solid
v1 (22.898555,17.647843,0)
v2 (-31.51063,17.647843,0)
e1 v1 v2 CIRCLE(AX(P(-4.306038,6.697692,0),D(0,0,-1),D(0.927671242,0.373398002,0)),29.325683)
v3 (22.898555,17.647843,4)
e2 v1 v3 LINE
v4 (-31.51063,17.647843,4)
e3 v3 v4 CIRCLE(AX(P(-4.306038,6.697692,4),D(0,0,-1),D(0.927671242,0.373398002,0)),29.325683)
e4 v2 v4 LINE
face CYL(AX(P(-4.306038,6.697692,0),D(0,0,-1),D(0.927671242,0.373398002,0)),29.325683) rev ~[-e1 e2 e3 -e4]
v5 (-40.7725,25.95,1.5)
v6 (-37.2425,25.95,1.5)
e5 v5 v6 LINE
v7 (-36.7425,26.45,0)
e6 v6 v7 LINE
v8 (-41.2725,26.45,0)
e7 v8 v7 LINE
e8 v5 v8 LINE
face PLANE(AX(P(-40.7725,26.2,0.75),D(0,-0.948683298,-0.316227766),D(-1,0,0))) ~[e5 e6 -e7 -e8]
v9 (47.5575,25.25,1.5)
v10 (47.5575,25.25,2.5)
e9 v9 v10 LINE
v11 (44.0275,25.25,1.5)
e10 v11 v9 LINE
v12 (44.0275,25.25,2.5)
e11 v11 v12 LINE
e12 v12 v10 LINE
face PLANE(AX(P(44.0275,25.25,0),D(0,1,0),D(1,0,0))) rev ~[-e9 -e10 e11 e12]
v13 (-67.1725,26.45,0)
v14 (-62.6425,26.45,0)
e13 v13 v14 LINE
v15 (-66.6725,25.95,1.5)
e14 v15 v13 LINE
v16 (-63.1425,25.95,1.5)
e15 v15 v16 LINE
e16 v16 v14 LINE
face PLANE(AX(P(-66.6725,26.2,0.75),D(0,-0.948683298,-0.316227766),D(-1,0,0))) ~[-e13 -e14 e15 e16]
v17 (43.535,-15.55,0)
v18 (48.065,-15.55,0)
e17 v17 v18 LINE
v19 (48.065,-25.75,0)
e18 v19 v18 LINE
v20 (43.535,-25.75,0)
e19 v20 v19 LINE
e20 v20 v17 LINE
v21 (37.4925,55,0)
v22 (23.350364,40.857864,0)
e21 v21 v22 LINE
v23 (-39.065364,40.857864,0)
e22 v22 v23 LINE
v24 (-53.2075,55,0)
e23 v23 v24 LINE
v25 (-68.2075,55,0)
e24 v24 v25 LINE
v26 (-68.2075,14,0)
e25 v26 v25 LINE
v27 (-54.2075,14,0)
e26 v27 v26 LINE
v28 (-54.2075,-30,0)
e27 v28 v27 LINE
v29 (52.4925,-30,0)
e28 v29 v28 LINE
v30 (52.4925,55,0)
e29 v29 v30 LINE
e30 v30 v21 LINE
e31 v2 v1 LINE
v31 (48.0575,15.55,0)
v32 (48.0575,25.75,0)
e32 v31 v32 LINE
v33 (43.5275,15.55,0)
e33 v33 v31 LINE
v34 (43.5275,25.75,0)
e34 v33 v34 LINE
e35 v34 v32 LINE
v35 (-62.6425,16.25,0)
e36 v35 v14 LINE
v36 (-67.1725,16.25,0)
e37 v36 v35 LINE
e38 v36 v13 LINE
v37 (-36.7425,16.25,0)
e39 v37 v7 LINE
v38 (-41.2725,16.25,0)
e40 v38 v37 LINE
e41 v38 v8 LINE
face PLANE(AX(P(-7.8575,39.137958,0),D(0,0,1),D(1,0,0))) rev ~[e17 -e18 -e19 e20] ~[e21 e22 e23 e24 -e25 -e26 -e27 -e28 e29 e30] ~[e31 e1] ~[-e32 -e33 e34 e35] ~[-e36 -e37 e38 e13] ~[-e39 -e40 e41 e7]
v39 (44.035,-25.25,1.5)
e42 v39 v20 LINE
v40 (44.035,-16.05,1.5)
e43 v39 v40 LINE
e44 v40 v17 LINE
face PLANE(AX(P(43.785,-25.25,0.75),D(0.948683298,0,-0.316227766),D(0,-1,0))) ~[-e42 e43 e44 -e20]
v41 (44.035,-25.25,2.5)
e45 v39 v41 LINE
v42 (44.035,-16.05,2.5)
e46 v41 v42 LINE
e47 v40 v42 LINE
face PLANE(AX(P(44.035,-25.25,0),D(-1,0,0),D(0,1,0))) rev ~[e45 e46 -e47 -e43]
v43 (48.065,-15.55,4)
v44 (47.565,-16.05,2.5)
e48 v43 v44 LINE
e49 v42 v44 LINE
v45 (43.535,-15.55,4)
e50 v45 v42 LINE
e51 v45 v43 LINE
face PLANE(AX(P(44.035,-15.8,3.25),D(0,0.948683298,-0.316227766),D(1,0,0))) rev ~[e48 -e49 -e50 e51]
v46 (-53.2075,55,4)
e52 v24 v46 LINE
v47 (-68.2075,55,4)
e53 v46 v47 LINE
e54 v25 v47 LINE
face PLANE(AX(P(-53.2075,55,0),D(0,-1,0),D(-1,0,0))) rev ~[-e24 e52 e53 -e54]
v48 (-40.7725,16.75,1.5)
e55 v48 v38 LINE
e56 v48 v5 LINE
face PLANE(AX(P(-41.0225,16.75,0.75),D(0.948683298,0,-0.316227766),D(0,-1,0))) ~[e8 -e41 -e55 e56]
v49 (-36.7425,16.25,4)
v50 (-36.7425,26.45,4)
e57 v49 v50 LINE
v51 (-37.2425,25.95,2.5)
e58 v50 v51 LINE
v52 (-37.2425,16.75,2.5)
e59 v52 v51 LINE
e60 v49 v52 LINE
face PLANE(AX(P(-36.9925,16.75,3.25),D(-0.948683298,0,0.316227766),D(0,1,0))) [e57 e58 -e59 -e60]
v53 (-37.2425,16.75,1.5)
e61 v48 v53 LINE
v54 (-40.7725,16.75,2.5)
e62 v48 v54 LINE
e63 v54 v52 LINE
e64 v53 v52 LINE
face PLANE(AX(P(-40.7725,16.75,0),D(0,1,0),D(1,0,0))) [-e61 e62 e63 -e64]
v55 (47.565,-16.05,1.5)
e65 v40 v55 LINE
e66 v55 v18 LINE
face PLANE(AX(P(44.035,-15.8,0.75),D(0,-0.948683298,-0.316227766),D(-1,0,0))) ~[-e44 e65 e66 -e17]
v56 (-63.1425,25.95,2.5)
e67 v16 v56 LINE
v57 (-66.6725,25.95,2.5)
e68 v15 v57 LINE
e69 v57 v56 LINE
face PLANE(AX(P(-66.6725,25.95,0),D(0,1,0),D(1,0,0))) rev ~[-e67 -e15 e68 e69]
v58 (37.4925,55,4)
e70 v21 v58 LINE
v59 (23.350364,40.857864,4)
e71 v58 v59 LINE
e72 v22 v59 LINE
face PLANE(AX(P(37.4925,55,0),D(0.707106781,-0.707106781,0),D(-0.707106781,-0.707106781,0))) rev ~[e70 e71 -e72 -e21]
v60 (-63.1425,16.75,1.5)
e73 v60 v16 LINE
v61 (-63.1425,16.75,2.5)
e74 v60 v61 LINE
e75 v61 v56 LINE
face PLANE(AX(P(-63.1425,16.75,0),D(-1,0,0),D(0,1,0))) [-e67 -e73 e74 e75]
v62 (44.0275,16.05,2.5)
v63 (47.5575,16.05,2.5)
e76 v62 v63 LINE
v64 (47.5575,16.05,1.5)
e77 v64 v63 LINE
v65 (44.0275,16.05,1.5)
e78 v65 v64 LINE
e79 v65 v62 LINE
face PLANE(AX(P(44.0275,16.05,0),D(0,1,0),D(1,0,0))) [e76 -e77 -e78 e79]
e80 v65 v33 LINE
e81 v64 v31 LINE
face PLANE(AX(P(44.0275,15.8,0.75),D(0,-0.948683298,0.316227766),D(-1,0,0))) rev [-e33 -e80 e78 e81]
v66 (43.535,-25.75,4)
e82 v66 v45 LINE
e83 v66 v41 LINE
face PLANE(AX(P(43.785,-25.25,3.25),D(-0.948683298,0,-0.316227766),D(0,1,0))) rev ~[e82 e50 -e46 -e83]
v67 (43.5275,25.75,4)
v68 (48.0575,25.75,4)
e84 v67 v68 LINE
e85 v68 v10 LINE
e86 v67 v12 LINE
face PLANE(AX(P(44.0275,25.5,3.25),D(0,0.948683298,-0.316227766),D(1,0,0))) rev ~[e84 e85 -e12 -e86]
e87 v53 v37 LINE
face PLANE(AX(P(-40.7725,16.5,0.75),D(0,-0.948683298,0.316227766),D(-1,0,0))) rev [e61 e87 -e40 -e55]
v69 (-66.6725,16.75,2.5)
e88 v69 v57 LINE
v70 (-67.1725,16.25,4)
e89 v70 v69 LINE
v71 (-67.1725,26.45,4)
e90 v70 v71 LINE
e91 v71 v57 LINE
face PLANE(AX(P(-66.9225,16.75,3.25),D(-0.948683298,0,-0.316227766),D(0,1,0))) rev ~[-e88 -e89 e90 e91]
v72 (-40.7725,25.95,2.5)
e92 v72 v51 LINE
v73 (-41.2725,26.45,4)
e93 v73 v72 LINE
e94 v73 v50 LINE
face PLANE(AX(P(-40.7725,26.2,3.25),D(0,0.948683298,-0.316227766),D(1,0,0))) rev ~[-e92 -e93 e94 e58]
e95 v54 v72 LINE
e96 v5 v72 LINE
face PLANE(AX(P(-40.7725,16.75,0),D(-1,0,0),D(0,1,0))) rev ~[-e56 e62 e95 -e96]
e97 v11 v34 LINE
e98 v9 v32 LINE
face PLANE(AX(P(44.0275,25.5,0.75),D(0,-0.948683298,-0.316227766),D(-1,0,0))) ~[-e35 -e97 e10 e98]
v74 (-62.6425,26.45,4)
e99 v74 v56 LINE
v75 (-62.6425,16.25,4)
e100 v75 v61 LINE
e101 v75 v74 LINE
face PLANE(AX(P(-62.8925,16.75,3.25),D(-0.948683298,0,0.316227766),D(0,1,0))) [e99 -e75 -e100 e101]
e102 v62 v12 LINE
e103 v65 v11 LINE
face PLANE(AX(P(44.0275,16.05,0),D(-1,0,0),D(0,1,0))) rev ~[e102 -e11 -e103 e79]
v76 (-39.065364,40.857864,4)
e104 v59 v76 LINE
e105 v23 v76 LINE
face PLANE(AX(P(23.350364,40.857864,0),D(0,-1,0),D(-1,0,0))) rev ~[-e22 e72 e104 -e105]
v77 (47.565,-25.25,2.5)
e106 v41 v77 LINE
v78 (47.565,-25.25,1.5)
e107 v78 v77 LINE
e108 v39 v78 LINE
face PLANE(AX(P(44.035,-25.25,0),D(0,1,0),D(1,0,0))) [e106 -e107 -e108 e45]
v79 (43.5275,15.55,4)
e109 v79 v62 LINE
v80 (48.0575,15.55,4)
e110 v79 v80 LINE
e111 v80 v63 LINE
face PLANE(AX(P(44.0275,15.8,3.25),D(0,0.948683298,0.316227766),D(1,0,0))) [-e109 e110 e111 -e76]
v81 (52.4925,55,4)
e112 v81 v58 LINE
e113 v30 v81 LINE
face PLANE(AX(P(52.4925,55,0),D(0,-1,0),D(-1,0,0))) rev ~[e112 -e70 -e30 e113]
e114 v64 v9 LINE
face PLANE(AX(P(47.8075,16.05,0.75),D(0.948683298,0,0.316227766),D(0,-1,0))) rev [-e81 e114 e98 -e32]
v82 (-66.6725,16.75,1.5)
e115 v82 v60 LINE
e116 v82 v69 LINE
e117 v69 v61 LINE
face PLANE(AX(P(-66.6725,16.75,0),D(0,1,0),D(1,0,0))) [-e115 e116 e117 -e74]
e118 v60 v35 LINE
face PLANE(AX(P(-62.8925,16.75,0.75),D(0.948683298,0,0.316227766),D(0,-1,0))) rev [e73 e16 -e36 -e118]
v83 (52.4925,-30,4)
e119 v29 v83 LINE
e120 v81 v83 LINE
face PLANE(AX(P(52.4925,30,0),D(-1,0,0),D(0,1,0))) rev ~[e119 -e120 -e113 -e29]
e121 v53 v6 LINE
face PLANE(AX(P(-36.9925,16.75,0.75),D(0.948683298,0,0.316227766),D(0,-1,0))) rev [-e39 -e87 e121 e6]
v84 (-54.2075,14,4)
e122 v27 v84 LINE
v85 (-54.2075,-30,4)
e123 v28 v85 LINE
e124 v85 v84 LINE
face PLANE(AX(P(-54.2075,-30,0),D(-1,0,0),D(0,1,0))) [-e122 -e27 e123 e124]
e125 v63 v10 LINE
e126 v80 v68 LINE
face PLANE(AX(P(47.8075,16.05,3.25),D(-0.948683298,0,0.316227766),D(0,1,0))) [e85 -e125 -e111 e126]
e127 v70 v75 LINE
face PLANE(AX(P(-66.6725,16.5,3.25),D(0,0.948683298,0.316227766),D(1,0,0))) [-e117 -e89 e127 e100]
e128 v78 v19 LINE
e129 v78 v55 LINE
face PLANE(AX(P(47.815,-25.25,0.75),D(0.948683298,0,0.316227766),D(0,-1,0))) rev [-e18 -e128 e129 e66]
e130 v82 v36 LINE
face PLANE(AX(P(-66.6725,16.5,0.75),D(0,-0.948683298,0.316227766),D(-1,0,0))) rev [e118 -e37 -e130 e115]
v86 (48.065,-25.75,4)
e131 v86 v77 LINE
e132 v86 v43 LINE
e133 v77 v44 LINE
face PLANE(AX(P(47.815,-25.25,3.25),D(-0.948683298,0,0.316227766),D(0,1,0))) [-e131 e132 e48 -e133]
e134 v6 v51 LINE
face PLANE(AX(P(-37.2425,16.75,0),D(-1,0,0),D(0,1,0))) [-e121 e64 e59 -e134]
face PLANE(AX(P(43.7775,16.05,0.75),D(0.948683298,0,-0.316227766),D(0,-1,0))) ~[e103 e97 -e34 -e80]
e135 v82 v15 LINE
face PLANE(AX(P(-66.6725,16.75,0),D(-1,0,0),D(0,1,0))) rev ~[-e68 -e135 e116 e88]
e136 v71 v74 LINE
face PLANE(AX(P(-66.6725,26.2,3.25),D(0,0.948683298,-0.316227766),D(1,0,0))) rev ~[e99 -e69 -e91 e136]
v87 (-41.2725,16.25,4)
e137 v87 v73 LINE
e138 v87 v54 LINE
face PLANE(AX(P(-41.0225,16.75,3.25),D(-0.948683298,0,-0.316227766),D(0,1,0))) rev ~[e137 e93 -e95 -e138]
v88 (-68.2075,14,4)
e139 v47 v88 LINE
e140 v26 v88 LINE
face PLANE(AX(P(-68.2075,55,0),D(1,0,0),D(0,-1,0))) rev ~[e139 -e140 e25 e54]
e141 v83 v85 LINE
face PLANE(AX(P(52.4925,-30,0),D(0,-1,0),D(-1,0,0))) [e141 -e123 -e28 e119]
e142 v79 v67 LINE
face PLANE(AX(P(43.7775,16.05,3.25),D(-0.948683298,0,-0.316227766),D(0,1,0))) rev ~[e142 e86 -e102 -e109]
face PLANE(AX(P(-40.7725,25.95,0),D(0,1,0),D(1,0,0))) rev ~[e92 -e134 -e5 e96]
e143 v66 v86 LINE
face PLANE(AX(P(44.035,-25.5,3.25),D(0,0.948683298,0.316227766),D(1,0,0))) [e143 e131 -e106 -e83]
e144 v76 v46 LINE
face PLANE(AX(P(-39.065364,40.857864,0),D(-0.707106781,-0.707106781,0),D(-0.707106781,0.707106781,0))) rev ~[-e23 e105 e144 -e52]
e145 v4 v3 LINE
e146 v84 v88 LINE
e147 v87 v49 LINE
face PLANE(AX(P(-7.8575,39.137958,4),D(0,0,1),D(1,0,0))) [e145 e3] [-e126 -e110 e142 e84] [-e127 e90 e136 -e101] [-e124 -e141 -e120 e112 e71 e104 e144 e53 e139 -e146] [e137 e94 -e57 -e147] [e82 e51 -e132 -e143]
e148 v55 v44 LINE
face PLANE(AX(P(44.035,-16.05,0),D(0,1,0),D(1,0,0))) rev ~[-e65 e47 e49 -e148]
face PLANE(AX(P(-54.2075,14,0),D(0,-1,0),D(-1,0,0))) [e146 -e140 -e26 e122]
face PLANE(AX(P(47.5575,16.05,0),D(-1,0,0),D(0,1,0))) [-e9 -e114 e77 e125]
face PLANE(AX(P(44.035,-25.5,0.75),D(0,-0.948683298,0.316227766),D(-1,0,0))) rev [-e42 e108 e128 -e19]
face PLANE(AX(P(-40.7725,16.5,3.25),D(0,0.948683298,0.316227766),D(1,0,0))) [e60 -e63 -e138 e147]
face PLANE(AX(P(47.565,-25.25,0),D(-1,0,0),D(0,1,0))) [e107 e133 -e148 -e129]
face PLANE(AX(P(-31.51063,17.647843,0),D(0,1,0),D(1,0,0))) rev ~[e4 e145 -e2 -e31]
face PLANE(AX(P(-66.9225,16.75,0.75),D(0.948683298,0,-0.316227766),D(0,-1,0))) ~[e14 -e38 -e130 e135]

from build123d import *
from OCP.BRepFilletAPI import BRepFilletAPI_MakeChamfer

# Parameters (mm, degrees)
SKETCH1_W           = 3.53
SKETCH1_H           = 9.2
BOSS_EXTRUDE1_DEPTH = 4
BOSS_EXTRUDE2_DEPTH = 4
CHAMFER1_SIZE       = 1.5
CHAMFER1_SIZE2      = 0.5
CHAMFER2_SIZE       = 0.5
CHAMFER2_SIZE2      = 1.5


with BuildPart() as part:
    # Sketch1 → Boss-Extrude1 (new body)
    with BuildSketch(Plane.XY):
        Polygon((52.4925, 30), (52.4925, -30), (-54.2075, -30), (-54.2075, 14), (-68.2075, 14), (-68.2075, 30), align=None)
        with BuildLine():
            Line((-31.510630119, 17.647843267), (22.89855475, 17.647843267))
            ThreePointArc((22.89855475, 17.647843267), (-4.306037684, -22.627990687), (-31.510630119, 17.647843267))
        make_face(mode=Mode.SUBTRACT)
        with Locations((-39.0075, 21.35)):
            Rectangle(SKETCH1_W, SKETCH1_H, mode=Mode.SUBTRACT)
        with Locations((45.7925, 20.65)):
            Rectangle(SKETCH1_W, SKETCH1_H, mode=Mode.SUBTRACT)
        with Locations((45.8, -20.65)):
            Rectangle(SKETCH1_W, SKETCH1_H, mode=Mode.SUBTRACT)
        with Locations((-64.9075, 21.35)):
            Rectangle(SKETCH1_W, SKETCH1_H, mode=Mode.SUBTRACT)
    extrude(amount=BOSS_EXTRUDE1_DEPTH)

    # Sketch2 → Boss-Extrude2 (add)
    with BuildSketch(Plane.XY):
        Polygon((-68.2075, 30), (52.4925, 30), (52.4925, 55), (37.4925, 55), (23.350364376, 40.857864376), (-39.065364376, 40.857864376), (-53.2075, 55), (-68.2075, 55), align=None)
    extrude(amount=BOSS_EXTRUDE2_DEPTH)

    # Chamfer1: one chamfer whose edges measure the first distance from different faces: ONE call of the kernel's chamfer builder (chamfer() names one face for all edges)
    chamfer1_edges_1 = [part.edges().sort_by_distance(p)[0] for p in [
        (-40.7725, 21.35, 0),
    ]]
    chamfer1_side_1 = [part.faces().sort_by_distance(p)[0] for p in [
        (-40.7725, 21.35, 2),
    ]]
    chamfer1_edges_2 = [part.edges().sort_by_distance(p)[0] for p in [
        (-39.0075, 16.75, 0),
    ]]
    chamfer1_side_2 = [part.faces().sort_by_distance(p)[0] for p in [
        (-39.0075, 16.75, 2),
    ]]
    chamfer1_edges_3 = [part.edges().sort_by_distance(p)[0] for p in [
        (-37.2425, 21.35, 0),
    ]]
    chamfer1_side_3 = [part.faces().sort_by_distance(p)[0] for p in [
        (-37.2425, 21.35, 2),
    ]]
    chamfer1_edges_4 = [part.edges().sort_by_distance(p)[0] for p in [
        (-39.0075, 25.95, 0),
    ]]
    chamfer1_side_4 = [part.faces().sort_by_distance(p)[0] for p in [
        (-39.0075, 25.95, 2),
    ]]
    chamfer1_edges_5 = [part.edges().sort_by_distance(p)[0] for p in [
        (-66.6725, 21.35, 0),
    ]]
    chamfer1_side_5 = [part.faces().sort_by_distance(p)[0] for p in [
        (-66.6725, 21.35, 2),
    ]]
    chamfer1_edges_6 = [part.edges().sort_by_distance(p)[0] for p in [
        (-64.9075, 16.75, 0),
    ]]
    chamfer1_side_6 = [part.faces().sort_by_distance(p)[0] for p in [
        (-64.9075, 16.75, 2),
    ]]
    chamfer1_edges_7 = [part.edges().sort_by_distance(p)[0] for p in [
        (-63.1425, 21.35, 0),
    ]]
    chamfer1_side_7 = [part.faces().sort_by_distance(p)[0] for p in [
        (-63.1425, 21.35, 2),
    ]]
    chamfer1_edges_8 = [part.edges().sort_by_distance(p)[0] for p in [
        (-64.9075, 25.95, 0),
    ]]
    chamfer1_side_8 = [part.faces().sort_by_distance(p)[0] for p in [
        (-64.9075, 25.95, 2),
    ]]
    chamfer1_edges_9 = [part.edges().sort_by_distance(p)[0] for p in [
        (44.0275, 20.65, 0),
    ]]
    chamfer1_side_9 = [part.faces().sort_by_distance(p)[0] for p in [
        (44.0275, 20.65, 2),
    ]]
    chamfer1_edges_10 = [part.edges().sort_by_distance(p)[0] for p in [
        (45.7925, 16.05, 0),
    ]]
    chamfer1_side_10 = [part.faces().sort_by_distance(p)[0] for p in [
        (45.7925, 16.05, 2),
    ]]
    chamfer1_edges_11 = [part.edges().sort_by_distance(p)[0] for p in [
        (47.5575, 20.65, 0),
    ]]
    chamfer1_side_11 = [part.faces().sort_by_distance(p)[0] for p in [
        (47.5575, 20.65, 2),
    ]]
    chamfer1_edges_12 = [part.edges().sort_by_distance(p)[0] for p in [
        (45.7925, 25.25, 0),
    ]]
    chamfer1_side_12 = [part.faces().sort_by_distance(p)[0] for p in [
        (45.7925, 25.25, 2),
    ]]
    chamfer1_edges_13 = [part.edges().sort_by_distance(p)[0] for p in [
        (47.565, -20.65, 0),
    ]]
    chamfer1_side_13 = [part.faces().sort_by_distance(p)[0] for p in [
        (47.565, -20.65, 2),
    ]]
    chamfer1_edges_14 = [part.edges().sort_by_distance(p)[0] for p in [
        (45.8, -16.05, 0),
    ]]
    chamfer1_side_14 = [part.faces().sort_by_distance(p)[0] for p in [
        (45.8, -16.05, 2),
    ]]
    chamfer1_edges_15 = [part.edges().sort_by_distance(p)[0] for p in [
        (44.035, -20.65, 0),
    ]]
    chamfer1_side_15 = [part.faces().sort_by_distance(p)[0] for p in [
        (44.035, -20.65, 2),
    ]]
    chamfer1_edges_16 = [part.edges().sort_by_distance(p)[0] for p in [
        (45.8, -25.25, 0),
    ]]
    chamfer1_side_16 = [part.faces().sort_by_distance(p)[0] for p in [
        (45.8, -25.25, 2),
    ]]
    chamfer1 = BRepFilletAPI_MakeChamfer(part.part.solid().wrapped)
    for e in chamfer1_edges_1:
        chamfer1.Add(CHAMFER1_SIZE, CHAMFER1_SIZE2, e.wrapped, chamfer1_side_1[0].wrapped)  # the first distance lies on this face
    for e in chamfer1_edges_2:
        chamfer1.Add(CHAMFER1_SIZE, CHAMFER1_SIZE2, e.wrapped, chamfer1_side_2[0].wrapped)  # the first distance lies on this face
    for e in chamfer1_edges_3:
        chamfer1.Add(CHAMFER1_SIZE, CHAMFER1_SIZE2, e.wrapped, chamfer1_side_3[0].wrapped)  # the first distance lies on this face
    for e in chamfer1_edges_4:
        chamfer1.Add(CHAMFER1_SIZE, CHAMFER1_SIZE2, e.wrapped, chamfer1_side_4[0].wrapped)  # the first distance lies on this face
    for e in chamfer1_edges_5:
        chamfer1.Add(CHAMFER1_SIZE, CHAMFER1_SIZE2, e.wrapped, chamfer1_side_5[0].wrapped)  # the first distance lies on this face
    for e in chamfer1_edges_6:
        chamfer1.Add(CHAMFER1_SIZE, CHAMFER1_SIZE2, e.wrapped, chamfer1_side_6[0].wrapped)  # the first distance lies on this face
    for e in chamfer1_edges_7:
        chamfer1.Add(CHAMFER1_SIZE, CHAMFER1_SIZE2, e.wrapped, chamfer1_side_7[0].wrapped)  # the first distance lies on this face
    for e in chamfer1_edges_8:
        chamfer1.Add(CHAMFER1_SIZE, CHAMFER1_SIZE2, e.wrapped, chamfer1_side_8[0].wrapped)  # the first distance lies on this face
    for e in chamfer1_edges_9:
        chamfer1.Add(CHAMFER1_SIZE, CHAMFER1_SIZE2, e.wrapped, chamfer1_side_9[0].wrapped)  # the first distance lies on this face
    for e in chamfer1_edges_10:
        chamfer1.Add(CHAMFER1_SIZE, CHAMFER1_SIZE2, e.wrapped, chamfer1_side_10[0].wrapped)  # the first distance lies on this face
    for e in chamfer1_edges_11:
        chamfer1.Add(CHAMFER1_SIZE, CHAMFER1_SIZE2, e.wrapped, chamfer1_side_11[0].wrapped)  # the first distance lies on this face
    for e in chamfer1_edges_12:
        chamfer1.Add(CHAMFER1_SIZE, CHAMFER1_SIZE2, e.wrapped, chamfer1_side_12[0].wrapped)  # the first distance lies on this face
    for e in chamfer1_edges_13:
        chamfer1.Add(CHAMFER1_SIZE, CHAMFER1_SIZE2, e.wrapped, chamfer1_side_13[0].wrapped)  # the first distance lies on this face
    for e in chamfer1_edges_14:
        chamfer1.Add(CHAMFER1_SIZE, CHAMFER1_SIZE2, e.wrapped, chamfer1_side_14[0].wrapped)  # the first distance lies on this face
    for e in chamfer1_edges_15:
        chamfer1.Add(CHAMFER1_SIZE, CHAMFER1_SIZE2, e.wrapped, chamfer1_side_15[0].wrapped)  # the first distance lies on this face
    for e in chamfer1_edges_16:
        chamfer1.Add(CHAMFER1_SIZE, CHAMFER1_SIZE2, e.wrapped, chamfer1_side_16[0].wrapped)  # the first distance lies on this face
    add(Compound.cast(chamfer1.Shape()), mode=Mode.REPLACE)

    # Chamfer2
    chamfer2_edges = [part.edges().sort_by_distance(p)[0] for p in [
        (-40.7725, 21.35, 4),
        (-39.0075, 16.75, 4),
        (-37.2425, 21.35, 4),
        (-39.0075, 25.95, 4),
        (-66.6725, 21.35, 4),
        (-64.9075, 16.75, 4),
        (-63.1425, 21.35, 4),
        (-64.9075, 25.95, 4),
        (44.0275, 20.65, 4),
        (45.7925, 16.05, 4),
        (47.5575, 20.65, 4),
        (45.7925, 25.25, 4),
        (47.565, -20.65, 4),
        (45.8, -16.05, 4),
        (44.035, -20.65, 4),
        (45.8, -25.25, 4),
    ]]
    chamfer2_side = [part.faces().sort_by_distance(p)[0] for p in [
        (-0.8575, -28.523738167, 4),
    ]]
    chamfer(chamfer2_edges, length=CHAMFER2_SIZE, length2=CHAMFER2_SIZE2, reference=chamfer2_side[0])


solid = part.part
